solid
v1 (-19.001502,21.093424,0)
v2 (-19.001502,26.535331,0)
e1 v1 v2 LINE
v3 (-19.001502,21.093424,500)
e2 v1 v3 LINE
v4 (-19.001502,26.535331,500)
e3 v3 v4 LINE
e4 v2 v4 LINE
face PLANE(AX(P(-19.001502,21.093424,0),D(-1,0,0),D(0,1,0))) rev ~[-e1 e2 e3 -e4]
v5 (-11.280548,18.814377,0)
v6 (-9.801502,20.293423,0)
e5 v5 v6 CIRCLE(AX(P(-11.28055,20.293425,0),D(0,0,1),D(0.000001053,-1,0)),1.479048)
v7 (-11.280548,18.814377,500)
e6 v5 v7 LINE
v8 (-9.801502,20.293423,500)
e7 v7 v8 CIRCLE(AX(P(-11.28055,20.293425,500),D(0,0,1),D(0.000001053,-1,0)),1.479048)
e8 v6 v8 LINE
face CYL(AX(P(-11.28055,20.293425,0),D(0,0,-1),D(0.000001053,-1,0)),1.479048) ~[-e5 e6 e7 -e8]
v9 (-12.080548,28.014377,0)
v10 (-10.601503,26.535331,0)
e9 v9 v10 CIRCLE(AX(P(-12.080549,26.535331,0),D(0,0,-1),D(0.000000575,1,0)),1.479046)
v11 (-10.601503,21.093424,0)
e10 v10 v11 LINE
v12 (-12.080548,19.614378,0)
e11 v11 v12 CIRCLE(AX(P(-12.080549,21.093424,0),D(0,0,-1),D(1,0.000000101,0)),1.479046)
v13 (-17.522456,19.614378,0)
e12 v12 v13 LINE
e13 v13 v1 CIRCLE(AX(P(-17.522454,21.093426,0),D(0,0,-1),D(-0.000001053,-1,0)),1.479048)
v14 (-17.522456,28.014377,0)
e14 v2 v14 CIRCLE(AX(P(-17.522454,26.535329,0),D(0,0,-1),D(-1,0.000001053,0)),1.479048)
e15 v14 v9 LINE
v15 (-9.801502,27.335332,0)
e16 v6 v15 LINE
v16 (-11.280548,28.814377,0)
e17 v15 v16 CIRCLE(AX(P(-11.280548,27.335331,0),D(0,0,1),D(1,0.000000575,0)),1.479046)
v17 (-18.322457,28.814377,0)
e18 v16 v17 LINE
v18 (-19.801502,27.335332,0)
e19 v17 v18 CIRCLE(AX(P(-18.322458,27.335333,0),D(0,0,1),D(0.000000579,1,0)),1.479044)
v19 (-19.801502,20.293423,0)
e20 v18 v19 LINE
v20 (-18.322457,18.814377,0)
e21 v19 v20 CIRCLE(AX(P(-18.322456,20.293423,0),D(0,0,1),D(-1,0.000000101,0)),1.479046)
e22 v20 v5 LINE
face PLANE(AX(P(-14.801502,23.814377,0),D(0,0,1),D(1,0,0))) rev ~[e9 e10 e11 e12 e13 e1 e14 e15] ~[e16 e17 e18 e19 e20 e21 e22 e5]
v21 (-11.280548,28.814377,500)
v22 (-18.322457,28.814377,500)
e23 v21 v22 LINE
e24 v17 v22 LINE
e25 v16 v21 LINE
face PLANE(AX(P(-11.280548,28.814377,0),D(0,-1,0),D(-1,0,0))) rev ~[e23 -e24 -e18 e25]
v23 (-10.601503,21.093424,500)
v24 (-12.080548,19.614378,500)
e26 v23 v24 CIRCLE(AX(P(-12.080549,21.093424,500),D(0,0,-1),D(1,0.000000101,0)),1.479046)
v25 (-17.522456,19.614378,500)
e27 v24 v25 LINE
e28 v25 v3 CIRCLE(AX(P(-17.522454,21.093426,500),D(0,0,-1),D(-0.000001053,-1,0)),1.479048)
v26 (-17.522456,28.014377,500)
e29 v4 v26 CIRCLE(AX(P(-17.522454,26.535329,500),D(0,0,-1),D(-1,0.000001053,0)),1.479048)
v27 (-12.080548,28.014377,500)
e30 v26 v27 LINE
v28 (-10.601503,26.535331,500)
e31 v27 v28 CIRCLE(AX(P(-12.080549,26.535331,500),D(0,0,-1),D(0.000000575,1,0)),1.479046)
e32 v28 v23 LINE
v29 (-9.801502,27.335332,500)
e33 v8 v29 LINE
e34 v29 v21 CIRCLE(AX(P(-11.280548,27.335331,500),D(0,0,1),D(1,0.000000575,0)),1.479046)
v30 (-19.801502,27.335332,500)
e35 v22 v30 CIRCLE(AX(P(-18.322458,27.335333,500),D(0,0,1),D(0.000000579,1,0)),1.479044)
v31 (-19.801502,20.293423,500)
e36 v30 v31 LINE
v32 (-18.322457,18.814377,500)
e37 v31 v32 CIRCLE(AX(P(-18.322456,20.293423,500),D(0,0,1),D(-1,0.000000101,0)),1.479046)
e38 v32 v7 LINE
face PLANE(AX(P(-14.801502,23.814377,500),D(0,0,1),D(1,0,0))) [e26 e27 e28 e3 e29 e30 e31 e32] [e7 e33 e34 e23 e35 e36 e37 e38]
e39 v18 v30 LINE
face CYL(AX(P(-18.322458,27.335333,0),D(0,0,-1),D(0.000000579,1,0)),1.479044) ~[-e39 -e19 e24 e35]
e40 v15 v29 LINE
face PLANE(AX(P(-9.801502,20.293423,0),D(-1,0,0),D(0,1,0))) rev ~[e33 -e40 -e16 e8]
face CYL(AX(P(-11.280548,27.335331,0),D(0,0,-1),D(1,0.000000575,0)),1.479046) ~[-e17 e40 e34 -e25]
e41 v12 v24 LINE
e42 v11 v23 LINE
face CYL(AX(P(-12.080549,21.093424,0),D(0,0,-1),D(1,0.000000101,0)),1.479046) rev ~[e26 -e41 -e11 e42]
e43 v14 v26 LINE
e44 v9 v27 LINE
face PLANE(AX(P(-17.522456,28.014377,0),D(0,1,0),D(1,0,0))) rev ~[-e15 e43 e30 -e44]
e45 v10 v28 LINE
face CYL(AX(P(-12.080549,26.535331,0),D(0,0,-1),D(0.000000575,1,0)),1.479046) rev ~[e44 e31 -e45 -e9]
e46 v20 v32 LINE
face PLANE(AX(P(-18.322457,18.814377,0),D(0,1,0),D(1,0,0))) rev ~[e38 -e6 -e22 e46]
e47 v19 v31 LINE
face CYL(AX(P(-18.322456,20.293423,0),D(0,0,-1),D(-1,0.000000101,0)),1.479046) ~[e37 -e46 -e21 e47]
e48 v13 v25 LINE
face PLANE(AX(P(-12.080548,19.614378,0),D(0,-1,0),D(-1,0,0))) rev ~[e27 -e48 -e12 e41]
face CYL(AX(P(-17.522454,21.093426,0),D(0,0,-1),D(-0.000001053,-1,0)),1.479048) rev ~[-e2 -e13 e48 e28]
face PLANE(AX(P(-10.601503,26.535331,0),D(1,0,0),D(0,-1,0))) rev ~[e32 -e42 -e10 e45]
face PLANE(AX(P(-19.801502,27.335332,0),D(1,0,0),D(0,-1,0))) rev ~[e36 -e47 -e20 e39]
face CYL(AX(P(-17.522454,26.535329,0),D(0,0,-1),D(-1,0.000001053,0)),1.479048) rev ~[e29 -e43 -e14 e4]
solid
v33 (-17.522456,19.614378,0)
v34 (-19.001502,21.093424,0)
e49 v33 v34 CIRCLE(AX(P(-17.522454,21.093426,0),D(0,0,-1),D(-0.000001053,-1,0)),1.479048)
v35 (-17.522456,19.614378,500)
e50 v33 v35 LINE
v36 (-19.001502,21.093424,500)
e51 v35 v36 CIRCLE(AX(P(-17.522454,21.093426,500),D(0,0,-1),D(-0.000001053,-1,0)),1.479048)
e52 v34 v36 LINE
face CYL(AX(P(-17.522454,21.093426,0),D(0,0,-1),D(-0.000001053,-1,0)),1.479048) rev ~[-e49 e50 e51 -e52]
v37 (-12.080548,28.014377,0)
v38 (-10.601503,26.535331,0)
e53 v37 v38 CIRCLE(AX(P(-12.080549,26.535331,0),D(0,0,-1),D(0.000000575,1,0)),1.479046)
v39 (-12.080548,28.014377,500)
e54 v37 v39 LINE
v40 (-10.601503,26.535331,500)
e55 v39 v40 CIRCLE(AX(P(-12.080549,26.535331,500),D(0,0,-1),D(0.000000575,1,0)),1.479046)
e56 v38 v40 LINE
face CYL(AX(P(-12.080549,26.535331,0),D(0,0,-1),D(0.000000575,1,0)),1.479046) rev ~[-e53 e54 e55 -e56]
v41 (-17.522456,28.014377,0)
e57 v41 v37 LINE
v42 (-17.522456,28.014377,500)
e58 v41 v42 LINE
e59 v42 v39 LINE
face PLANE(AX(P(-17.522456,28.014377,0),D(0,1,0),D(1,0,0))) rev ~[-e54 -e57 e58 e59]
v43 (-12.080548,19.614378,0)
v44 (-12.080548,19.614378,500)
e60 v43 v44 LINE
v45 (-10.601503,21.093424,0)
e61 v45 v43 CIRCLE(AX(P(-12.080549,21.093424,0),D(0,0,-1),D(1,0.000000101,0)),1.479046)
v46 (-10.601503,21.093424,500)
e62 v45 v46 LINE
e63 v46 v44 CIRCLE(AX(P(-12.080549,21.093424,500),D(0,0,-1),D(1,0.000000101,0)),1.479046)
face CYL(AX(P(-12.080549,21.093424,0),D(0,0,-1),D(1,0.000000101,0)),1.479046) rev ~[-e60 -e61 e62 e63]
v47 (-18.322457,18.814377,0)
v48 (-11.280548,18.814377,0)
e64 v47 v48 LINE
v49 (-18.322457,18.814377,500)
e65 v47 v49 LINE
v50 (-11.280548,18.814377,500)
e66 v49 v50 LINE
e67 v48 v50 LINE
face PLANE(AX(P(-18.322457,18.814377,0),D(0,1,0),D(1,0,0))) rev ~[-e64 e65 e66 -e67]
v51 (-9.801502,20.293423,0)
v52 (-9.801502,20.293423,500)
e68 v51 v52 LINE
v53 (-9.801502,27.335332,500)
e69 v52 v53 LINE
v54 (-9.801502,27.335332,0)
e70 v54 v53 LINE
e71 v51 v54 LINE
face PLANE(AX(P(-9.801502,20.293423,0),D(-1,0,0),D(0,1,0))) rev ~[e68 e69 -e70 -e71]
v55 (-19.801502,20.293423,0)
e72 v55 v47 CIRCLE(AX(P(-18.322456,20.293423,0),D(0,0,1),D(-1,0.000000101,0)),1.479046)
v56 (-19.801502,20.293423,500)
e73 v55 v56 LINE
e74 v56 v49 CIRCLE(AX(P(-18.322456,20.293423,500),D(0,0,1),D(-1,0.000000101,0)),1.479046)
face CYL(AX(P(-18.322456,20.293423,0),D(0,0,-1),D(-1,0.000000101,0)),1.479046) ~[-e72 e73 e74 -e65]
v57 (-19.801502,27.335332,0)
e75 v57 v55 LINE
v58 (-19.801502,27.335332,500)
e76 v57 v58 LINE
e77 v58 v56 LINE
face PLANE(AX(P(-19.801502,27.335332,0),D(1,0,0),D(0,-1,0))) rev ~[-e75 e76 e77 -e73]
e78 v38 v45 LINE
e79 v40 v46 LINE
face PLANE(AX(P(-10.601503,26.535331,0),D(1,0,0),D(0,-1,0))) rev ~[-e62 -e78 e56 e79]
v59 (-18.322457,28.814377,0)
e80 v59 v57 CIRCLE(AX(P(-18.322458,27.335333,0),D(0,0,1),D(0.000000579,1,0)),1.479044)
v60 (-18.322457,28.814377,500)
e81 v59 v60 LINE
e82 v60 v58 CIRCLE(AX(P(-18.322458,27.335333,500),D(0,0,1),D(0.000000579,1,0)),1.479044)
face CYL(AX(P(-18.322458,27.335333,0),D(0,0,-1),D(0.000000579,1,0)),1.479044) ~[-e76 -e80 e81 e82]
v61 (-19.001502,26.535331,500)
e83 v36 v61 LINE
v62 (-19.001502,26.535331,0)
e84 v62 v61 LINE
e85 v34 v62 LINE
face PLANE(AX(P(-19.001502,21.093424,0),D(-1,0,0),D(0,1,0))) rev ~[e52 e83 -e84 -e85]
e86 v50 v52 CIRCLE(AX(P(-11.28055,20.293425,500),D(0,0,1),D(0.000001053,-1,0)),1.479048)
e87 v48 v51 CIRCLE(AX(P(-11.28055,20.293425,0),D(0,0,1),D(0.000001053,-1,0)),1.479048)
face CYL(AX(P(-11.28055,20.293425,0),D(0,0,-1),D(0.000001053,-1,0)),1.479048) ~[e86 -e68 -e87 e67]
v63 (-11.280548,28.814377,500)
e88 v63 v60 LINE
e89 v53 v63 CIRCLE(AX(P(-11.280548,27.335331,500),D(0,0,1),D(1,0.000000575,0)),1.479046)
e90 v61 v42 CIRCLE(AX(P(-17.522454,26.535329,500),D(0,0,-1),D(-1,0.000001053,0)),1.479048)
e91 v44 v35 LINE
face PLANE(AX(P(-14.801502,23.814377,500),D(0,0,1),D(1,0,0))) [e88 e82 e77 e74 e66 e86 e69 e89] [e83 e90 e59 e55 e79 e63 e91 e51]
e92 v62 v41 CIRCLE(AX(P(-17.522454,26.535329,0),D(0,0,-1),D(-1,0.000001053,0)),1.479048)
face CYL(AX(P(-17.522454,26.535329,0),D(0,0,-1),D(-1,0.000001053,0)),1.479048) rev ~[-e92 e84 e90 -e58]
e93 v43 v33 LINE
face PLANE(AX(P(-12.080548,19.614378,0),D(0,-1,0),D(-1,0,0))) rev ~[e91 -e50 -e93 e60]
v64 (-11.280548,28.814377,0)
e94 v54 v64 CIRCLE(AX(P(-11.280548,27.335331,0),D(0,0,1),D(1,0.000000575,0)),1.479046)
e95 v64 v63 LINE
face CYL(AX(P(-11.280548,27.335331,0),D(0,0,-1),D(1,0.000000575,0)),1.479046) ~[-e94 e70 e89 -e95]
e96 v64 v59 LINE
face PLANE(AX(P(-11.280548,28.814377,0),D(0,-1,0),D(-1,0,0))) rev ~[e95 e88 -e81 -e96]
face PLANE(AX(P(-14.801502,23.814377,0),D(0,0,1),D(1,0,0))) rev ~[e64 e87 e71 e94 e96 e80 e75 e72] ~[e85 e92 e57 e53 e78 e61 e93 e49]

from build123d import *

# Parameters (mm, degrees)
F1_DEPTH = 500
F2_DEPTH = 500


with BuildPart() as f1:
    # F0 (on Top) → F1 (new body)
    with BuildSketch(Plane.XY):
        with BuildLine():
            Line((-11.280548, 28.814377), (-18.322457, 28.814377))
            ThreePointArc((-18.322457, 28.814377), (-19.3683, 28.381175), (-19.801502, 27.335332))
            Line((-19.801502, 27.335332), (-19.801502, 20.293423))
            ThreePointArc((-19.801502, 20.293423), (-19.3683, 19.24758), (-18.322457, 18.814377))
            Line((-18.322457, 18.814377), (-11.280548, 18.814377))
            ThreePointArc((-11.280548, 18.814377), (-10.234705, 19.24758), (-9.801502, 20.293423))
            Line((-9.801502, 20.293423), (-9.801502, 27.335332))
            ThreePointArc((-9.801502, 27.335332), (-10.234705, 28.381175), (-11.280548, 28.814377))
        make_face()
        with BuildLine():
            ThreePointArc((-19.001502, 26.535331), (-18.568299, 27.581174), (-17.522456, 28.014377))
            Line((-17.522456, 28.014377), (-12.080548, 28.014377))
            ThreePointArc((-12.080548, 28.014377), (-11.034705, 27.581174), (-10.601503, 26.535331))
            Line((-10.601503, 26.535331), (-10.601503, 21.093424))
            ThreePointArc((-10.601503, 21.093424), (-11.034705, 20.047581), (-12.080548, 19.614378))
            Line((-12.080548, 19.614378), (-17.522456, 19.614378))
            ThreePointArc((-17.522456, 19.614378), (-18.568299, 20.047581), (-19.001502, 21.093424))
            Line((-19.001502, 21.093424), (-19.001502, 26.535331))
        make_face(mode=Mode.SUBTRACT)
    extrude(amount=F1_DEPTH)


with BuildPart() as f2:
    # F0 (on Top) → F2 (new body)
    with BuildSketch(Plane.XY):
        with BuildLine():
            Line((-11.280548, 28.814377), (-18.322457, 28.814377))
            ThreePointArc((-18.322457, 28.814377), (-19.3683, 28.381175), (-19.801502, 27.335332))
            Line((-19.801502, 27.335332), (-19.801502, 20.293423))
            ThreePointArc((-19.801502, 20.293423), (-19.3683, 19.24758), (-18.322457, 18.814377))
            Line((-18.322457, 18.814377), (-11.280548, 18.814377))
            ThreePointArc((-11.280548, 18.814377), (-10.234705, 19.24758), (-9.801502, 20.293423))
            Line((-9.801502, 20.293423), (-9.801502, 27.335332))
            ThreePointArc((-9.801502, 27.335332), (-10.234705, 28.381175), (-11.280548, 28.814377))
        make_face()
        with BuildLine():
            ThreePointArc((-19.001502, 26.535331), (-18.568299, 27.581174), (-17.522456, 28.014377))
            Line((-17.522456, 28.014377), (-12.080548, 28.014377))
            ThreePointArc((-12.080548, 28.014377), (-11.034705, 27.581174), (-10.601503, 26.535331))
            Line((-10.601503, 26.535331), (-10.601503, 21.093424))
            ThreePointArc((-10.601503, 21.093424), (-11.034705, 20.047581), (-12.080548, 19.614378))
            Line((-12.080548, 19.614378), (-17.522456, 19.614378))
            ThreePointArc((-17.522456, 19.614378), (-18.568299, 20.047581), (-19.001502, 21.093424))
            Line((-19.001502, 21.093424), (-19.001502, 26.535331))
        make_face(mode=Mode.SUBTRACT)
    extrude(amount=F2_DEPTH)


solid = Compound([f1.part, f2.part])
